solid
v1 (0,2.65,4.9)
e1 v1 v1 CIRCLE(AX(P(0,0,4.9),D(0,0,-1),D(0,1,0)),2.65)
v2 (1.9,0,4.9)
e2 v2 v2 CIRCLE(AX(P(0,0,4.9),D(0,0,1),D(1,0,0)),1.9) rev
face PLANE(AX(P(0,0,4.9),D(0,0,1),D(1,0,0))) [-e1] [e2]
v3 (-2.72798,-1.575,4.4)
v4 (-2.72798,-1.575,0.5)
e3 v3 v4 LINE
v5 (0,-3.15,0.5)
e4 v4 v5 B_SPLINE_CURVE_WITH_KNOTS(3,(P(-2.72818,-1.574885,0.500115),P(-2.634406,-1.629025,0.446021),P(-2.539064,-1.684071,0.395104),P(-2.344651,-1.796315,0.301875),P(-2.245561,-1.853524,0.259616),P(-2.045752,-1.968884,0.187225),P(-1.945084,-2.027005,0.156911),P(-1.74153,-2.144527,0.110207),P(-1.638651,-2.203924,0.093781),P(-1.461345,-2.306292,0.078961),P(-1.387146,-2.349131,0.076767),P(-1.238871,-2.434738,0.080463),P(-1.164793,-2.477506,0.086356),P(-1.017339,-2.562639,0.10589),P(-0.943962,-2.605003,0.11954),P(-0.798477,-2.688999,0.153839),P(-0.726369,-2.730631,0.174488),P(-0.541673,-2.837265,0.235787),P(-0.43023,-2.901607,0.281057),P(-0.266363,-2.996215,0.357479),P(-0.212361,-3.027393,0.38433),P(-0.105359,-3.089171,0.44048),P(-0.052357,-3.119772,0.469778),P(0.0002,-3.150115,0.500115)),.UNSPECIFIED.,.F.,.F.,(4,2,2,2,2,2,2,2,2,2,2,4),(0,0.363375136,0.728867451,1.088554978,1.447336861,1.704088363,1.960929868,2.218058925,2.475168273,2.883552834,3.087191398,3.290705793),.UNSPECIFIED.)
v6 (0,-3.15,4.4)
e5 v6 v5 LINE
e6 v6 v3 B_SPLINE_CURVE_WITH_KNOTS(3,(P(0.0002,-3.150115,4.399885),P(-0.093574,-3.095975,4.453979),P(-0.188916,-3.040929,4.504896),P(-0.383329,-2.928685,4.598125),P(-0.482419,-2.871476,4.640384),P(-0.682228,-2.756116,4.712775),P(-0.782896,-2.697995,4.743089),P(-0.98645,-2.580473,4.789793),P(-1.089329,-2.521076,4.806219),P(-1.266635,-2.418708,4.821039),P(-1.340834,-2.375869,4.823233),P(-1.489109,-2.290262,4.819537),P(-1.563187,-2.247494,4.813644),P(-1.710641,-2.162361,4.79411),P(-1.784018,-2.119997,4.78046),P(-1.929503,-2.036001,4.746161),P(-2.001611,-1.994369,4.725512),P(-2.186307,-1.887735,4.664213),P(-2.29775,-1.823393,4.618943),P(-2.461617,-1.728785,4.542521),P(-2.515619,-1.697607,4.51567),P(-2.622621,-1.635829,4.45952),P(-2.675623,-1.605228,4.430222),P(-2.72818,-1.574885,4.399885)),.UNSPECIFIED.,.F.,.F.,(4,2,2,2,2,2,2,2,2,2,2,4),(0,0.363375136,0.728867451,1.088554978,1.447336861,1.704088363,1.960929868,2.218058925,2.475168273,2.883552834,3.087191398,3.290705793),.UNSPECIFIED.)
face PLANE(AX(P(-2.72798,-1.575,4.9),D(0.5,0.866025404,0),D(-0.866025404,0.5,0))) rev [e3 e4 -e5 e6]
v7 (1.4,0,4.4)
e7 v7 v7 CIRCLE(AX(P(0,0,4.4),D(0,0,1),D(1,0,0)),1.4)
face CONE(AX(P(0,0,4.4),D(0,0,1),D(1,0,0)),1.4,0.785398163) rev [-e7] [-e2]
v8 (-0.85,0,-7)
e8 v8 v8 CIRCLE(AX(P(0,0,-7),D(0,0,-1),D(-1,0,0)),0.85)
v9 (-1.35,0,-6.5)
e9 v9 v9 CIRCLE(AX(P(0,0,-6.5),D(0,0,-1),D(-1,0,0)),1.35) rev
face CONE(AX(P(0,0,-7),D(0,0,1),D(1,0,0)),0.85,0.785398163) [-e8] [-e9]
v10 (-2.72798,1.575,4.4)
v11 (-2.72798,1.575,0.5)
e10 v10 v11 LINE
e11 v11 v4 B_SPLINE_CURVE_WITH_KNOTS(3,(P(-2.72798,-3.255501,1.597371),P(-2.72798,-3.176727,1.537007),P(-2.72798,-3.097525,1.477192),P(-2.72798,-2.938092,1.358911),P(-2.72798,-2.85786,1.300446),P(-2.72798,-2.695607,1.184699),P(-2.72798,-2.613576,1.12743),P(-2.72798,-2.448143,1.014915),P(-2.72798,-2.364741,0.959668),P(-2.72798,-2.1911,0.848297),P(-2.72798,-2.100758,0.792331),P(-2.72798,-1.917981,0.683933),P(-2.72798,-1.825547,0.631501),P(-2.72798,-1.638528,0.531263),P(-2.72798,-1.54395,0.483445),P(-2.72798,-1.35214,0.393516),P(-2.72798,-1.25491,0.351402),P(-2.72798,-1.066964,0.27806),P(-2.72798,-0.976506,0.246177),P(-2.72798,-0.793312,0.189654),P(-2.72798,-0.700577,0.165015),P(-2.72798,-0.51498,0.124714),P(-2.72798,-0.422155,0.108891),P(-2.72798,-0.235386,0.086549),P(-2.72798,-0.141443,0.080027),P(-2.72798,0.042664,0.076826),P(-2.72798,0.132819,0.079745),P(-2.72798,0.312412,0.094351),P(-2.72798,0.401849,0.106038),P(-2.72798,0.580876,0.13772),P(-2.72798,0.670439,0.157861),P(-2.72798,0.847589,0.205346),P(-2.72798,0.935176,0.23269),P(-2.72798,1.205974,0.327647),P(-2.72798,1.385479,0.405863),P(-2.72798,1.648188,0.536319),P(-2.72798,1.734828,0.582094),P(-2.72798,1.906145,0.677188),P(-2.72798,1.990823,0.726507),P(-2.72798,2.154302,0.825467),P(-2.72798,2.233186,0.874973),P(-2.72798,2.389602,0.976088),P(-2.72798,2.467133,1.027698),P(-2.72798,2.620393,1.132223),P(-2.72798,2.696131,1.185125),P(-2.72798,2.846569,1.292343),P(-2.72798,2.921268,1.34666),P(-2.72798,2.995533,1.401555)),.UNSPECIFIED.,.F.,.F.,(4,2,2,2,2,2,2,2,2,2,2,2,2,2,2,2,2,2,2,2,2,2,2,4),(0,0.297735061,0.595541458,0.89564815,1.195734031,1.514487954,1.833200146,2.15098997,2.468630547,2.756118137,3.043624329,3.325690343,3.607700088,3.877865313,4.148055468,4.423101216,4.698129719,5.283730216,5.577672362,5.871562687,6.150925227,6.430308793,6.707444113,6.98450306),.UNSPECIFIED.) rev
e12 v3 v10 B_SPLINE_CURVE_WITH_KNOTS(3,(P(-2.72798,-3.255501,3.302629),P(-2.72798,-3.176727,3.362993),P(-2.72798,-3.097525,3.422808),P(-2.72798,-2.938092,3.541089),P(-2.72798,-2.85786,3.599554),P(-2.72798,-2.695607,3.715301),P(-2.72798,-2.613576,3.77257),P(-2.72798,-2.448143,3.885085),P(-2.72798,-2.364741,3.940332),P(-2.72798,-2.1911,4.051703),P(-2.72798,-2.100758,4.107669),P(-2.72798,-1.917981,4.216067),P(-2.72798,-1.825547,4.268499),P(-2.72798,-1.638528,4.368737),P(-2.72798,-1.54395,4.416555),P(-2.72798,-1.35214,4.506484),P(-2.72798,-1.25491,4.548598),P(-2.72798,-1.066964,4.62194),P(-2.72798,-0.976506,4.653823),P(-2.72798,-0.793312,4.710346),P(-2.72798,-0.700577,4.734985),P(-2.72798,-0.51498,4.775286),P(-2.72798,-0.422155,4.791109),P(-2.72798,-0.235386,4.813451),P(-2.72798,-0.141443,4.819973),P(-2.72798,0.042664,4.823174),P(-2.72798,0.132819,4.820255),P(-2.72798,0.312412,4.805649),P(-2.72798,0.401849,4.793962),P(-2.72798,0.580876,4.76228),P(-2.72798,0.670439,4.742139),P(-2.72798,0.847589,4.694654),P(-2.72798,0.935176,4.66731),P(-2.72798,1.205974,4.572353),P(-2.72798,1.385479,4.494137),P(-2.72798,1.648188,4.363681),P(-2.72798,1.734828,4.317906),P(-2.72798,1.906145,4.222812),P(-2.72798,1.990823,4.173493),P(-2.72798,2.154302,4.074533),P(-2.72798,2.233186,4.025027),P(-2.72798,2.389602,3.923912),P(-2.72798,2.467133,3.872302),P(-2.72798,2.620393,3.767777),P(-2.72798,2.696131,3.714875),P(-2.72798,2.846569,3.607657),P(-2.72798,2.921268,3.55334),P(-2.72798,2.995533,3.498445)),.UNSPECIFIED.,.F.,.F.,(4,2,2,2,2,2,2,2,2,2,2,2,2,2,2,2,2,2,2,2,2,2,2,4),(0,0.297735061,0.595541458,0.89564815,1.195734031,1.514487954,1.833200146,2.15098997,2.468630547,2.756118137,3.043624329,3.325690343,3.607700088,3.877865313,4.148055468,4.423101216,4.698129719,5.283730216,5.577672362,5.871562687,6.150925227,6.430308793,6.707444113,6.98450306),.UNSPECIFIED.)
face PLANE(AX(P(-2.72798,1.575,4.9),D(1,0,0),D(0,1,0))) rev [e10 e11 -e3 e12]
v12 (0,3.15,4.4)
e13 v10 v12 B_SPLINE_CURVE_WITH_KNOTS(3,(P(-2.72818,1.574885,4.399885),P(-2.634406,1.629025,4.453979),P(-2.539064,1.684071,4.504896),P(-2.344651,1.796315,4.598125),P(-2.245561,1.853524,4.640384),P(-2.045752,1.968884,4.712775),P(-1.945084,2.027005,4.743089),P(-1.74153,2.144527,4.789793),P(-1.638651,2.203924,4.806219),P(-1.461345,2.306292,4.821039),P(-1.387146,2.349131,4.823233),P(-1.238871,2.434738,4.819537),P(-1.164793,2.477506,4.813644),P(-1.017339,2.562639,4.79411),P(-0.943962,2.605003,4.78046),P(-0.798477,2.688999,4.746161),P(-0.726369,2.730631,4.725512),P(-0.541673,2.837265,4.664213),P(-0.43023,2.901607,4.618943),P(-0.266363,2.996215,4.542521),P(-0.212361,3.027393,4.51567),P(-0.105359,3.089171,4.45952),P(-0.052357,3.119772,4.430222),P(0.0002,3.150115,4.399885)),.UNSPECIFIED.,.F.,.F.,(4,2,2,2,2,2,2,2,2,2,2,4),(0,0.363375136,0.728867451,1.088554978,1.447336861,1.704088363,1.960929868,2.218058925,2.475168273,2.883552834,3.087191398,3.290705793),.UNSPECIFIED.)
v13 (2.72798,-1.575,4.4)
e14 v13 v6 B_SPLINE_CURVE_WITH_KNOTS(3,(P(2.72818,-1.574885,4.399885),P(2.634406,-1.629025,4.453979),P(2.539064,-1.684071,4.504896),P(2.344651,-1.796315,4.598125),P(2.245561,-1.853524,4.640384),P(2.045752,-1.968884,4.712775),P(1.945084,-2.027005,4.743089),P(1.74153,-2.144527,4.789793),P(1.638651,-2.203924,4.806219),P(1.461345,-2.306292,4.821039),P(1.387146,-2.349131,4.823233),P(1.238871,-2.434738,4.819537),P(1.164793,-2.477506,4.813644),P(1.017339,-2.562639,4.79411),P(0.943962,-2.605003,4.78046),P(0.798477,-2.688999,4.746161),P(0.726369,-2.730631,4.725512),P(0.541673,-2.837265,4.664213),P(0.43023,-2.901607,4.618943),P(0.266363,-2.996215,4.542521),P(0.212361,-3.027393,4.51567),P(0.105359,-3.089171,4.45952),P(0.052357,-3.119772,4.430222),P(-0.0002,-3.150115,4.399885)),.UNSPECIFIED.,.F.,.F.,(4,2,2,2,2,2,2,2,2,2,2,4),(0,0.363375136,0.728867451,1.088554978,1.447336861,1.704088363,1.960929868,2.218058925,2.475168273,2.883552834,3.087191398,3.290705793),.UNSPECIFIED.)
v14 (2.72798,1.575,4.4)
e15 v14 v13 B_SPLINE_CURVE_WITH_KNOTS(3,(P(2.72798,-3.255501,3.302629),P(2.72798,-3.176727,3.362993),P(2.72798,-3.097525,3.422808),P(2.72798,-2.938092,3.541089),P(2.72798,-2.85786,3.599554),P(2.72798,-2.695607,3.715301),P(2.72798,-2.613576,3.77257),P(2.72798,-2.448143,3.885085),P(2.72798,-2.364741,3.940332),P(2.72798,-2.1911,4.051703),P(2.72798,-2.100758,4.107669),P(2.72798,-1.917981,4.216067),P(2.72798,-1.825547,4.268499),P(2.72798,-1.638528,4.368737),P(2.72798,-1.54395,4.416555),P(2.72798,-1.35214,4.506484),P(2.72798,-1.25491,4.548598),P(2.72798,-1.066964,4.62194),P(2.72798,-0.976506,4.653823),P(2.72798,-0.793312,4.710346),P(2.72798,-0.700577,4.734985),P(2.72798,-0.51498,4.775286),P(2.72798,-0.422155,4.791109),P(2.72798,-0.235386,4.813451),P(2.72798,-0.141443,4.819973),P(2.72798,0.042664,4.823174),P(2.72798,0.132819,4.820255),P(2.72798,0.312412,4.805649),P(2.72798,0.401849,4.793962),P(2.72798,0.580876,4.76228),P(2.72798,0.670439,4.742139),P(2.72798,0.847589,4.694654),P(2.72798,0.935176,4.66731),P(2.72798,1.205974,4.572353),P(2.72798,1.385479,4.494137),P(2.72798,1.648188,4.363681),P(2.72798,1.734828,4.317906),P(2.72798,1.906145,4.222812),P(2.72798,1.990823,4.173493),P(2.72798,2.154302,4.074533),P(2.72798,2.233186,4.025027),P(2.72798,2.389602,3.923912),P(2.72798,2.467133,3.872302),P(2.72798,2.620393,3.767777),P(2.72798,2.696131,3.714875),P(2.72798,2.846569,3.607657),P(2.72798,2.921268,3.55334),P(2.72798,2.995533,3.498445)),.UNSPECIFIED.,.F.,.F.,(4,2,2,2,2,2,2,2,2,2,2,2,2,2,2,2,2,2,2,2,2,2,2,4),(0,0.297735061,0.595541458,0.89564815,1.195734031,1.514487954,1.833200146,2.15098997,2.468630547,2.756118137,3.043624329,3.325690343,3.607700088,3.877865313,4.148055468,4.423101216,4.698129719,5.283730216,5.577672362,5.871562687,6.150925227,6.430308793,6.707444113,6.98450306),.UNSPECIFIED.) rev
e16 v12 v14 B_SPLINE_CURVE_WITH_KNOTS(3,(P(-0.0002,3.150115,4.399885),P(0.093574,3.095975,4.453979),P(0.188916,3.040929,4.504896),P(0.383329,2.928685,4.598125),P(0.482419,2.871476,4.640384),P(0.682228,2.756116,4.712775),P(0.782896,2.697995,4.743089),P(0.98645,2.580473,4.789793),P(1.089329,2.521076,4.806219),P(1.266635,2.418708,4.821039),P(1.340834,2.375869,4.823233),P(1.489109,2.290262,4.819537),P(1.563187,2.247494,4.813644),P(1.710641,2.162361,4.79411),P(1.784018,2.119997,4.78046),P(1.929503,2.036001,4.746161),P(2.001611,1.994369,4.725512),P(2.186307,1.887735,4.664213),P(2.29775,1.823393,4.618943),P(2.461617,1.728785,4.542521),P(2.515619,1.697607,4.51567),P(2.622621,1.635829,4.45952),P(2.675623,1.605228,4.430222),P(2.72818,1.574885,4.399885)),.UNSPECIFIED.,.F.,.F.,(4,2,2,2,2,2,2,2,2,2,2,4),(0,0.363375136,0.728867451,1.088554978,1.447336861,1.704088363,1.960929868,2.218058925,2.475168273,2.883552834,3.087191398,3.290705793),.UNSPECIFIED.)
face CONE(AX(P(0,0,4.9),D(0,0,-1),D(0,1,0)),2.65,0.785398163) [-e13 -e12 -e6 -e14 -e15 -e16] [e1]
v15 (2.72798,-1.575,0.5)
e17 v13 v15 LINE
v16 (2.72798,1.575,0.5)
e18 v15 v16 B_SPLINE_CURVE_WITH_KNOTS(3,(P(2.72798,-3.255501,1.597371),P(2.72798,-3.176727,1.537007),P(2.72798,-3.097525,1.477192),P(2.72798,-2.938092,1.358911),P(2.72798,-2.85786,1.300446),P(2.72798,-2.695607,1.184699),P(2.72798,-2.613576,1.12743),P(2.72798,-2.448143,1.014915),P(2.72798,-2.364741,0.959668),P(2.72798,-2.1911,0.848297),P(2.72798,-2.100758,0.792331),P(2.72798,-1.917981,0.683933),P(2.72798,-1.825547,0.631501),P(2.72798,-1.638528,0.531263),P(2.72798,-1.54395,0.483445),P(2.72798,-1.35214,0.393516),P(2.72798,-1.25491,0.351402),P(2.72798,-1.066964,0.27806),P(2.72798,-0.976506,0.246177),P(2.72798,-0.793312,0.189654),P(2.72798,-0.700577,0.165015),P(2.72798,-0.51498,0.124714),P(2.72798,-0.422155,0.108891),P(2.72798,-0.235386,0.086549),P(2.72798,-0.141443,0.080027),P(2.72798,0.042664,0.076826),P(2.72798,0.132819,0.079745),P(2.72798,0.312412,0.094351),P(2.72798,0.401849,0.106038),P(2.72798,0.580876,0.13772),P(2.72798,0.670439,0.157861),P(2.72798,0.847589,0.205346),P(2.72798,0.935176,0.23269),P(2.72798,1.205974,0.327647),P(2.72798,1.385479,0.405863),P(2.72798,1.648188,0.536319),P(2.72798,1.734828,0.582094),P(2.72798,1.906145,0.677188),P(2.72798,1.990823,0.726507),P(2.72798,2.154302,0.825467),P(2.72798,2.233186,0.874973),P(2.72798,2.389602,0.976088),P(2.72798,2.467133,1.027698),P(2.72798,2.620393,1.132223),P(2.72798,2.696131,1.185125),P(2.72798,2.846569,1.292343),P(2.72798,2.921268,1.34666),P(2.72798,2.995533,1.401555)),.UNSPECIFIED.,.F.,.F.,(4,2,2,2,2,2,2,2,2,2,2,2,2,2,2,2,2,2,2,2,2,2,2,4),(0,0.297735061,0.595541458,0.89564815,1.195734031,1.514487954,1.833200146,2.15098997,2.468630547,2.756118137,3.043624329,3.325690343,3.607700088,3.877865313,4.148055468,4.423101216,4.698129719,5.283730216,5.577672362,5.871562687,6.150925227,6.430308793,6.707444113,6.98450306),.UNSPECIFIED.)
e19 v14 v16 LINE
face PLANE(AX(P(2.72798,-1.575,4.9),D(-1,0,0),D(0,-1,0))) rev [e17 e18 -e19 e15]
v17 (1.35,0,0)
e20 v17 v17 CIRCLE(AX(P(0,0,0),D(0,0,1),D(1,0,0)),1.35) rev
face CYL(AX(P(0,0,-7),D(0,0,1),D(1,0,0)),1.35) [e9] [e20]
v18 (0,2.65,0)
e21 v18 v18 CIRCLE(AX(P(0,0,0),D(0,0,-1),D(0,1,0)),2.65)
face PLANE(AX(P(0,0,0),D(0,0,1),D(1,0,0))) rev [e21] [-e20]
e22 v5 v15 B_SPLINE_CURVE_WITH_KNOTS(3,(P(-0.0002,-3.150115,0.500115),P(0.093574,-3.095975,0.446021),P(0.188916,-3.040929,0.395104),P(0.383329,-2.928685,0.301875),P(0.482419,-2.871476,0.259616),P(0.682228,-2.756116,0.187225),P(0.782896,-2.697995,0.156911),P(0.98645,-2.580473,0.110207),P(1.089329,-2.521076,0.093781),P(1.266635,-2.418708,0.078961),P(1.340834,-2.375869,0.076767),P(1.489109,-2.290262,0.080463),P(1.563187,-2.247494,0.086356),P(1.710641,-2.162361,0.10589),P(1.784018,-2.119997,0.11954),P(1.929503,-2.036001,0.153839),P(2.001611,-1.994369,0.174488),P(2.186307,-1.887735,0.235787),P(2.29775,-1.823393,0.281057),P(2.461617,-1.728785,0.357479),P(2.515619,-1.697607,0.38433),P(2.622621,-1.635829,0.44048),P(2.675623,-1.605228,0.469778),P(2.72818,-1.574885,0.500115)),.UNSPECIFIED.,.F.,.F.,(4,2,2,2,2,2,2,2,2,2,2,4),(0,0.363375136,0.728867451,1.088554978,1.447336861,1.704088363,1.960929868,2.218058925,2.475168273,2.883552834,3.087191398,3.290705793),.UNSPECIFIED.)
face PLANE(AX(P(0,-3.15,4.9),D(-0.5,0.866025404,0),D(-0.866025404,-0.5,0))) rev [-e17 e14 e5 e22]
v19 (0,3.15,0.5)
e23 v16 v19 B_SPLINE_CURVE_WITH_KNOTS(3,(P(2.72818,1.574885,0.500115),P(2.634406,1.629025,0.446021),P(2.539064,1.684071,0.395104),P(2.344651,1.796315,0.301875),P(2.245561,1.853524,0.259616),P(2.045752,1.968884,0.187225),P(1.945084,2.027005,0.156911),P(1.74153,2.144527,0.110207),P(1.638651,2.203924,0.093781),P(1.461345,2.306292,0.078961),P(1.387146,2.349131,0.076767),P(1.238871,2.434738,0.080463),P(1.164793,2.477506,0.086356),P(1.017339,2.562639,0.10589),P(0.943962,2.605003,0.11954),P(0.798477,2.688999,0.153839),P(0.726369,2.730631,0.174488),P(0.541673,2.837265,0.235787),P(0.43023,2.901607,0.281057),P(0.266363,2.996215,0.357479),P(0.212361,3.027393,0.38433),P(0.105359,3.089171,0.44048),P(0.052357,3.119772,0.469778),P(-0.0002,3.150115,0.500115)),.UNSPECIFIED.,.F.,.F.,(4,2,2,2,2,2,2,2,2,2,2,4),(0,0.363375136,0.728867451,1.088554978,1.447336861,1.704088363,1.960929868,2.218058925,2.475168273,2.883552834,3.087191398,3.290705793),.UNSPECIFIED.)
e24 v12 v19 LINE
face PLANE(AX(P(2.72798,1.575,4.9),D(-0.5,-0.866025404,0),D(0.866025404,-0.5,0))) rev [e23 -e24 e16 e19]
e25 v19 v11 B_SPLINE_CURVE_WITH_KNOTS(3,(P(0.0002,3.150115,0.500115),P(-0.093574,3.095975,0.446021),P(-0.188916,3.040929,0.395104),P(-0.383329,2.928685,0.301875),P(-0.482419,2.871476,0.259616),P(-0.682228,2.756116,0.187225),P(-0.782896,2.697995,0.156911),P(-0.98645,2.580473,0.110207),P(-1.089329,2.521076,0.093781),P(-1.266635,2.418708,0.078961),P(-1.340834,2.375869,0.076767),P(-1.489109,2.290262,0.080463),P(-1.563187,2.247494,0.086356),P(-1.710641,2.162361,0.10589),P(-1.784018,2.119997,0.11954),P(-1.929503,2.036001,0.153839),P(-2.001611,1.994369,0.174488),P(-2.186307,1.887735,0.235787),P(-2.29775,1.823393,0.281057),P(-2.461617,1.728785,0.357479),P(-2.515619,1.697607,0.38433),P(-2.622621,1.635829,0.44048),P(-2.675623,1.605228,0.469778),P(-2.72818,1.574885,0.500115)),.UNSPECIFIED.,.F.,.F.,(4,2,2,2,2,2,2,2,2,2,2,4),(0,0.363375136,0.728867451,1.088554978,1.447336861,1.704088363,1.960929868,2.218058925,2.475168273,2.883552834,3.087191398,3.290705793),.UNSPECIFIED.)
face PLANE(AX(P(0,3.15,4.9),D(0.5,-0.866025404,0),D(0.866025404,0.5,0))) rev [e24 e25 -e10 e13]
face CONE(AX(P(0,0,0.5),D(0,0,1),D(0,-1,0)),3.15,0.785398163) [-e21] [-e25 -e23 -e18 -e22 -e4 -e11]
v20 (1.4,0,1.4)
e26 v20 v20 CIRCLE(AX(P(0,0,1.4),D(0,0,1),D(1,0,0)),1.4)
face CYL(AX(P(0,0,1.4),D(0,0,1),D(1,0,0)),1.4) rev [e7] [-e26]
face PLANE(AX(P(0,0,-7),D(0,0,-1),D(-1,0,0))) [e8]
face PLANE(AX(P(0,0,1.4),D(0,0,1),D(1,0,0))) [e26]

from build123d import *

# Parameters (mm, degrees)
RESSALTO_EXTRUS_O1_DEPTH = 4.9
ESBO_O10_R               = 1.35
RESSALTO_EXTRUS_O2_DEPTH = 7
ESBO_O11_R               = 1.4
CORTE_EXTRUS_O1_DEPTH    = 3.5
CHANFRO1_SIZE            = 0.5
CHANFRO2_SIZE            = 0.5


with BuildPart() as part:
    # Esboço1 → Ressalto-extrusão1 (new body)
    with BuildSketch(Plane.XY):
        Polygon((-2.727980022, 1.575), (-2.727980022, -1.575), (0, -3.15), (2.727980022, -1.575), (2.727980022, 1.575), (0, 3.15), align=None)
    extrude(amount=RESSALTO_EXTRUS_O1_DEPTH)

    # Esboço8 → Corte-Revolução1 (revolve, cut)
    with BuildSketch(Plane(origin=(0, 0, 0), x_dir=(0, 0, -1), z_dir=(1, 0, 0))):
        Polygon((-4.4, 3.15), (-4.9, 2.65), (-4.9, 3.15), align=None)
        Polygon((0, 3.15), (-0.5, 3.15), (0, 2.65), align=None)
    revolve(axis=Axis((0, 0, 0), (0, 0, 1)), mode=Mode.SUBTRACT)

    # Esboço10 → Ressalto-extrusão2 (add)
    with BuildSketch(Plane(origin=(0, 0, 0), x_dir=(-1, 0, 0), z_dir=(0, 0, -1))):
        with Locations(Location((0, 0, 0), (0, 0, 180))):
            Circle(ESBO_O10_R)
    extrude(amount=RESSALTO_EXTRUS_O2_DEPTH)

    # Esboço11 → Corte-extrusão1 (cut)
    with BuildSketch(Plane.XY.offset(4.9)):
        Circle(ESBO_O11_R)
    extrude(amount=-CORTE_EXTRUS_O1_DEPTH, mode=Mode.SUBTRACT)

    # Chanfro1
    chanfro1_edges = [part.edges().sort_by_distance(p)[0] for p in [
        (-1.4, 0, 4.9),
    ]]
    chamfer(chanfro1_edges, length=CHANFRO1_SIZE)

    # Chanfro2
    chanfro2_edges = [part.edges().sort_by_distance(p)[0] for p in [
        (-1.35, 0, -7),
    ]]
    chamfer(chanfro2_edges, length=CHANFRO2_SIZE)


solid = part.part
